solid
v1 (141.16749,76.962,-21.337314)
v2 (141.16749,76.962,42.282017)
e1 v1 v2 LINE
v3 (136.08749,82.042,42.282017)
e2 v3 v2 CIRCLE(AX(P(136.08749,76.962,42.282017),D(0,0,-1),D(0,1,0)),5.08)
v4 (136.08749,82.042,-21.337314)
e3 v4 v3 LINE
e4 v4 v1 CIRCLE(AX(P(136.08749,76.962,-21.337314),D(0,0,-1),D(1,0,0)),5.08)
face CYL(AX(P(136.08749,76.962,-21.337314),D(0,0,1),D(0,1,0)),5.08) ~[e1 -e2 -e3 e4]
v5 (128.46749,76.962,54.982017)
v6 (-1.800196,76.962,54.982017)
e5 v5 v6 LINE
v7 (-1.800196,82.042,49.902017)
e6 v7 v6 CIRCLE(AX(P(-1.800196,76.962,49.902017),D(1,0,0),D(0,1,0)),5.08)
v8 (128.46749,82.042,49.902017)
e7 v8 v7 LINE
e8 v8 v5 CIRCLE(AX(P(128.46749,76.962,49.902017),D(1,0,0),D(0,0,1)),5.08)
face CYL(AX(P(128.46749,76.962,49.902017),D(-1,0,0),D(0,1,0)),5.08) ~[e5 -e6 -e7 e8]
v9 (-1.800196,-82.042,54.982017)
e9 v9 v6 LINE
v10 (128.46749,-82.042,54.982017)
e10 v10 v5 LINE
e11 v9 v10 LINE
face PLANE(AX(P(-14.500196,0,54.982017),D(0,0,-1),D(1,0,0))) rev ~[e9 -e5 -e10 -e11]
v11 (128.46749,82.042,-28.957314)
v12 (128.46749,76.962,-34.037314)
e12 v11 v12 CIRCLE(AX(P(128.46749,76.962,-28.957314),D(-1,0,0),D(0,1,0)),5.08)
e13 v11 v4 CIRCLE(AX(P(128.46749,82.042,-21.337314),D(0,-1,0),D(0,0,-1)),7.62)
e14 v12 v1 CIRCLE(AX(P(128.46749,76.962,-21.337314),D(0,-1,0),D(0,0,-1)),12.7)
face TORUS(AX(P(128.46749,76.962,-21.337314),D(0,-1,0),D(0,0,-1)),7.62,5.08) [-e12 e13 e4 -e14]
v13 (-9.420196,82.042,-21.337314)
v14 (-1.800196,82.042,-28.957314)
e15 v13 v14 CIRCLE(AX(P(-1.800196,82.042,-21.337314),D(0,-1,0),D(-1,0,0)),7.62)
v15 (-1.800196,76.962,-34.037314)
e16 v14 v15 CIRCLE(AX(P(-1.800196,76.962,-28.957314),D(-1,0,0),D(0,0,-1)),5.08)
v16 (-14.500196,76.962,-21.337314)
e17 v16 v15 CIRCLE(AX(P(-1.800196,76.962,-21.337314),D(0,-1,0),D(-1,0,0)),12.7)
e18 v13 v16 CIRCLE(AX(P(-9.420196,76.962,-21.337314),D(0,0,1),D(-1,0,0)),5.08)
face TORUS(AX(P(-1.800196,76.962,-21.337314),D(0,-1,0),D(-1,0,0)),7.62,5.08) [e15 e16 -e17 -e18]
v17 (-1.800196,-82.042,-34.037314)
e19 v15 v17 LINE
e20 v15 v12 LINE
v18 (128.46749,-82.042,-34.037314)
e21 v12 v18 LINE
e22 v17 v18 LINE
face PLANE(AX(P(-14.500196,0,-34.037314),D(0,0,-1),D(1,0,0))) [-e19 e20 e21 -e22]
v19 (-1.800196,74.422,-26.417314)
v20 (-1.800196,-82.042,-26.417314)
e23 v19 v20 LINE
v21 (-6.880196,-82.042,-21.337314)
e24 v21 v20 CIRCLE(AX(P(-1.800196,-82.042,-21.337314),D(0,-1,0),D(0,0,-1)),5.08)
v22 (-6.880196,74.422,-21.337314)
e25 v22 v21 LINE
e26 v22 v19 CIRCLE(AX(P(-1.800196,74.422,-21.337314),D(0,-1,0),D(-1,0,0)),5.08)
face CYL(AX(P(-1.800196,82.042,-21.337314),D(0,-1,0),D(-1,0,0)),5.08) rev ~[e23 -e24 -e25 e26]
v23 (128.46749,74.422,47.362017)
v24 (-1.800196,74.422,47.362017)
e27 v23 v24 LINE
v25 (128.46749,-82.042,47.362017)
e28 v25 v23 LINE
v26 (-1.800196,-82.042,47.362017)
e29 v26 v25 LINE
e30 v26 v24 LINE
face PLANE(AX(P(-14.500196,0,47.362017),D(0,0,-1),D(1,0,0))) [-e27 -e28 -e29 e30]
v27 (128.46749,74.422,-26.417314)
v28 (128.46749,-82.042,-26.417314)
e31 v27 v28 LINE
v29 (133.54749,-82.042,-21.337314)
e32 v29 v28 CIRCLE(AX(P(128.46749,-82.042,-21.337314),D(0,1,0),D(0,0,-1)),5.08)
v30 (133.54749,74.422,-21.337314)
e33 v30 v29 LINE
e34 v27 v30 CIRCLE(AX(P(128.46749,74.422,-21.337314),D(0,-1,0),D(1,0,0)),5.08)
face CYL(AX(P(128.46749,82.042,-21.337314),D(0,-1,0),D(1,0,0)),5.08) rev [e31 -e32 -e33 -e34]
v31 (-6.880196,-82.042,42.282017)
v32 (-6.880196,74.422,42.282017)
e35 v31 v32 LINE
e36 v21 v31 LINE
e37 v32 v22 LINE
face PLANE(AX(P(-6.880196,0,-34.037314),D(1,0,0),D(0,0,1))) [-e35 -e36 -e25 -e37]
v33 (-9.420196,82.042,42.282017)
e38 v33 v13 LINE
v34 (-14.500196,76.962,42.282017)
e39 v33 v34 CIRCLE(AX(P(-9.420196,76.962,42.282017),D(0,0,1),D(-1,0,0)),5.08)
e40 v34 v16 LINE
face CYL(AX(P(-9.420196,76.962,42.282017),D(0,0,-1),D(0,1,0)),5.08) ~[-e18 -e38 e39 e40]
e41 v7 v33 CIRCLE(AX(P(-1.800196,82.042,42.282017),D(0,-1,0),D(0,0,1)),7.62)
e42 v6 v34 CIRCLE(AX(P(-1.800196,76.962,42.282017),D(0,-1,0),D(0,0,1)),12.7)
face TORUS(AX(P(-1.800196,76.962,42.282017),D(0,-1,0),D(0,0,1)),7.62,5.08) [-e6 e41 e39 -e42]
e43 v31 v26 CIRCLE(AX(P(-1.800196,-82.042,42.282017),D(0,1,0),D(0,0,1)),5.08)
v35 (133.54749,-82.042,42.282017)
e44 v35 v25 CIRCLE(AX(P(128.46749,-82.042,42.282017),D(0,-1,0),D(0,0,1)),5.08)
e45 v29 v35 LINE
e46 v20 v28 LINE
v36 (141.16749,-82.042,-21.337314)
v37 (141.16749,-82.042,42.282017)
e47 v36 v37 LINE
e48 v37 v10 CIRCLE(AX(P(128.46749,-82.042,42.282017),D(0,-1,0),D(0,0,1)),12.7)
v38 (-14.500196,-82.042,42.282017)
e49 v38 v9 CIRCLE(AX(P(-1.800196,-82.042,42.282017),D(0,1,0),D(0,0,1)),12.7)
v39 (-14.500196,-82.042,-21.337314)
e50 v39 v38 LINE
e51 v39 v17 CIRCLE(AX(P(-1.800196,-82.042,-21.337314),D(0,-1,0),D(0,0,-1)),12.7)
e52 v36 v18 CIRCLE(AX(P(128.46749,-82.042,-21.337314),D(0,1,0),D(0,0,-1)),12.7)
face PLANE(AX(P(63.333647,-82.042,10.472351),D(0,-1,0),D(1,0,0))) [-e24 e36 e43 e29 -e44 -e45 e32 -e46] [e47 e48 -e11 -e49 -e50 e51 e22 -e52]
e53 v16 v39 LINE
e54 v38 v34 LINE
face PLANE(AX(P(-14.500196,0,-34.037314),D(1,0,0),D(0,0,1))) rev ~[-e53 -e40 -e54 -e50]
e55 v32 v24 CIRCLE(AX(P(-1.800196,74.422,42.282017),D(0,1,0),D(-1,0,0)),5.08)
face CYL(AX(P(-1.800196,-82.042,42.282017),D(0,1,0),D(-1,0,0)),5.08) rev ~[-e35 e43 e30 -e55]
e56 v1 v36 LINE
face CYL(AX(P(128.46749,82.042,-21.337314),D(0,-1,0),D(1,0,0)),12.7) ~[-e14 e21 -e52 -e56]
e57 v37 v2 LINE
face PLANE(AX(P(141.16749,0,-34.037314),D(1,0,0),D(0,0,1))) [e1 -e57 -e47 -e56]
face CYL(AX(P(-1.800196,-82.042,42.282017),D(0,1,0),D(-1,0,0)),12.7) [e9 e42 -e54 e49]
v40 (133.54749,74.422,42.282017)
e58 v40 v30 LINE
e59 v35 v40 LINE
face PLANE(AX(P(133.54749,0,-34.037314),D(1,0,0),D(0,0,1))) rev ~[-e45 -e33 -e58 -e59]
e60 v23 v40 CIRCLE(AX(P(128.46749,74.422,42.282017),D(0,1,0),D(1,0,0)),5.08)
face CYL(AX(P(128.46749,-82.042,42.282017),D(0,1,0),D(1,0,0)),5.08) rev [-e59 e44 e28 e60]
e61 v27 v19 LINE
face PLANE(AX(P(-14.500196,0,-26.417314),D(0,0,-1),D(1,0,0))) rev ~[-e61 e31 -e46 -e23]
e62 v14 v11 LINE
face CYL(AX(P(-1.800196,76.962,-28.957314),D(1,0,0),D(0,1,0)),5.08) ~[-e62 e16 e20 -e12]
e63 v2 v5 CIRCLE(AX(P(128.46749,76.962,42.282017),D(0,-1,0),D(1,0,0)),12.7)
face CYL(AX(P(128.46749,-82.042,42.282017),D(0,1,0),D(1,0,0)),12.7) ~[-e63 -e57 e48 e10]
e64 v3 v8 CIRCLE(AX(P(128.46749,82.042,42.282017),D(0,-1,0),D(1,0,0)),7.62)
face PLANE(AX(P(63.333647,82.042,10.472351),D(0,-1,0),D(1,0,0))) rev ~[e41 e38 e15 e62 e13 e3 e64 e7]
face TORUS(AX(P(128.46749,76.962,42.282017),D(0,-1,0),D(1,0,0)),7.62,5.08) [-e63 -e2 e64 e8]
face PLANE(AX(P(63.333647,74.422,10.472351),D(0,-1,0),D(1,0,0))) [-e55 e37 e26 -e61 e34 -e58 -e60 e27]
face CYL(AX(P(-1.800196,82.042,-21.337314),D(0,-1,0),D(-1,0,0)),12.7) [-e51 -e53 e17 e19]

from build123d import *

# Parameters (mm, degrees)
F0_W     = 155.6676864983
F0_H     = 89.0193315694
F1_DEPTH = 82.042
F2_R     = 12.7
F3_R     = 5.08
F4_T     = -7.62


with BuildPart() as f1:
    # F0 (on Front) → F1 (new body, symmetric)
    with BuildSketch(Plane.XZ):
        with Locations((63.3336471573, 10.4723514293)):
            Rectangle(F0_W, F0_H)
    extrude(amount=F1_DEPTH, both=True)

    # F2
    f2_edges = [f1.edges().sort_by_distance(p)[0] for p in [
        (-14.500196, 0, 54.982017),
        (-14.500196, 0, -34.037314),
        (141.16749, 0, 54.982017),
        (141.16749, 0, -34.037314),
    ]]
    fillet(f2_edges, radius=F2_R)

    # F3
    f3_edges = [f1.edges().sort_by_distance(p)[0] for p in [
        (-10.780452, 82.042, -30.31757),
    ]]
    fillet(f3_edges, radius=F3_R)

    # F4
    f4_openings = [f1.faces().sort_by_distance(p)[0] for p in [
        (63.333647, -82.042, 10.472351),
    ]]
    offset(amount=F4_T, openings=f4_openings)


solid = f1.part
